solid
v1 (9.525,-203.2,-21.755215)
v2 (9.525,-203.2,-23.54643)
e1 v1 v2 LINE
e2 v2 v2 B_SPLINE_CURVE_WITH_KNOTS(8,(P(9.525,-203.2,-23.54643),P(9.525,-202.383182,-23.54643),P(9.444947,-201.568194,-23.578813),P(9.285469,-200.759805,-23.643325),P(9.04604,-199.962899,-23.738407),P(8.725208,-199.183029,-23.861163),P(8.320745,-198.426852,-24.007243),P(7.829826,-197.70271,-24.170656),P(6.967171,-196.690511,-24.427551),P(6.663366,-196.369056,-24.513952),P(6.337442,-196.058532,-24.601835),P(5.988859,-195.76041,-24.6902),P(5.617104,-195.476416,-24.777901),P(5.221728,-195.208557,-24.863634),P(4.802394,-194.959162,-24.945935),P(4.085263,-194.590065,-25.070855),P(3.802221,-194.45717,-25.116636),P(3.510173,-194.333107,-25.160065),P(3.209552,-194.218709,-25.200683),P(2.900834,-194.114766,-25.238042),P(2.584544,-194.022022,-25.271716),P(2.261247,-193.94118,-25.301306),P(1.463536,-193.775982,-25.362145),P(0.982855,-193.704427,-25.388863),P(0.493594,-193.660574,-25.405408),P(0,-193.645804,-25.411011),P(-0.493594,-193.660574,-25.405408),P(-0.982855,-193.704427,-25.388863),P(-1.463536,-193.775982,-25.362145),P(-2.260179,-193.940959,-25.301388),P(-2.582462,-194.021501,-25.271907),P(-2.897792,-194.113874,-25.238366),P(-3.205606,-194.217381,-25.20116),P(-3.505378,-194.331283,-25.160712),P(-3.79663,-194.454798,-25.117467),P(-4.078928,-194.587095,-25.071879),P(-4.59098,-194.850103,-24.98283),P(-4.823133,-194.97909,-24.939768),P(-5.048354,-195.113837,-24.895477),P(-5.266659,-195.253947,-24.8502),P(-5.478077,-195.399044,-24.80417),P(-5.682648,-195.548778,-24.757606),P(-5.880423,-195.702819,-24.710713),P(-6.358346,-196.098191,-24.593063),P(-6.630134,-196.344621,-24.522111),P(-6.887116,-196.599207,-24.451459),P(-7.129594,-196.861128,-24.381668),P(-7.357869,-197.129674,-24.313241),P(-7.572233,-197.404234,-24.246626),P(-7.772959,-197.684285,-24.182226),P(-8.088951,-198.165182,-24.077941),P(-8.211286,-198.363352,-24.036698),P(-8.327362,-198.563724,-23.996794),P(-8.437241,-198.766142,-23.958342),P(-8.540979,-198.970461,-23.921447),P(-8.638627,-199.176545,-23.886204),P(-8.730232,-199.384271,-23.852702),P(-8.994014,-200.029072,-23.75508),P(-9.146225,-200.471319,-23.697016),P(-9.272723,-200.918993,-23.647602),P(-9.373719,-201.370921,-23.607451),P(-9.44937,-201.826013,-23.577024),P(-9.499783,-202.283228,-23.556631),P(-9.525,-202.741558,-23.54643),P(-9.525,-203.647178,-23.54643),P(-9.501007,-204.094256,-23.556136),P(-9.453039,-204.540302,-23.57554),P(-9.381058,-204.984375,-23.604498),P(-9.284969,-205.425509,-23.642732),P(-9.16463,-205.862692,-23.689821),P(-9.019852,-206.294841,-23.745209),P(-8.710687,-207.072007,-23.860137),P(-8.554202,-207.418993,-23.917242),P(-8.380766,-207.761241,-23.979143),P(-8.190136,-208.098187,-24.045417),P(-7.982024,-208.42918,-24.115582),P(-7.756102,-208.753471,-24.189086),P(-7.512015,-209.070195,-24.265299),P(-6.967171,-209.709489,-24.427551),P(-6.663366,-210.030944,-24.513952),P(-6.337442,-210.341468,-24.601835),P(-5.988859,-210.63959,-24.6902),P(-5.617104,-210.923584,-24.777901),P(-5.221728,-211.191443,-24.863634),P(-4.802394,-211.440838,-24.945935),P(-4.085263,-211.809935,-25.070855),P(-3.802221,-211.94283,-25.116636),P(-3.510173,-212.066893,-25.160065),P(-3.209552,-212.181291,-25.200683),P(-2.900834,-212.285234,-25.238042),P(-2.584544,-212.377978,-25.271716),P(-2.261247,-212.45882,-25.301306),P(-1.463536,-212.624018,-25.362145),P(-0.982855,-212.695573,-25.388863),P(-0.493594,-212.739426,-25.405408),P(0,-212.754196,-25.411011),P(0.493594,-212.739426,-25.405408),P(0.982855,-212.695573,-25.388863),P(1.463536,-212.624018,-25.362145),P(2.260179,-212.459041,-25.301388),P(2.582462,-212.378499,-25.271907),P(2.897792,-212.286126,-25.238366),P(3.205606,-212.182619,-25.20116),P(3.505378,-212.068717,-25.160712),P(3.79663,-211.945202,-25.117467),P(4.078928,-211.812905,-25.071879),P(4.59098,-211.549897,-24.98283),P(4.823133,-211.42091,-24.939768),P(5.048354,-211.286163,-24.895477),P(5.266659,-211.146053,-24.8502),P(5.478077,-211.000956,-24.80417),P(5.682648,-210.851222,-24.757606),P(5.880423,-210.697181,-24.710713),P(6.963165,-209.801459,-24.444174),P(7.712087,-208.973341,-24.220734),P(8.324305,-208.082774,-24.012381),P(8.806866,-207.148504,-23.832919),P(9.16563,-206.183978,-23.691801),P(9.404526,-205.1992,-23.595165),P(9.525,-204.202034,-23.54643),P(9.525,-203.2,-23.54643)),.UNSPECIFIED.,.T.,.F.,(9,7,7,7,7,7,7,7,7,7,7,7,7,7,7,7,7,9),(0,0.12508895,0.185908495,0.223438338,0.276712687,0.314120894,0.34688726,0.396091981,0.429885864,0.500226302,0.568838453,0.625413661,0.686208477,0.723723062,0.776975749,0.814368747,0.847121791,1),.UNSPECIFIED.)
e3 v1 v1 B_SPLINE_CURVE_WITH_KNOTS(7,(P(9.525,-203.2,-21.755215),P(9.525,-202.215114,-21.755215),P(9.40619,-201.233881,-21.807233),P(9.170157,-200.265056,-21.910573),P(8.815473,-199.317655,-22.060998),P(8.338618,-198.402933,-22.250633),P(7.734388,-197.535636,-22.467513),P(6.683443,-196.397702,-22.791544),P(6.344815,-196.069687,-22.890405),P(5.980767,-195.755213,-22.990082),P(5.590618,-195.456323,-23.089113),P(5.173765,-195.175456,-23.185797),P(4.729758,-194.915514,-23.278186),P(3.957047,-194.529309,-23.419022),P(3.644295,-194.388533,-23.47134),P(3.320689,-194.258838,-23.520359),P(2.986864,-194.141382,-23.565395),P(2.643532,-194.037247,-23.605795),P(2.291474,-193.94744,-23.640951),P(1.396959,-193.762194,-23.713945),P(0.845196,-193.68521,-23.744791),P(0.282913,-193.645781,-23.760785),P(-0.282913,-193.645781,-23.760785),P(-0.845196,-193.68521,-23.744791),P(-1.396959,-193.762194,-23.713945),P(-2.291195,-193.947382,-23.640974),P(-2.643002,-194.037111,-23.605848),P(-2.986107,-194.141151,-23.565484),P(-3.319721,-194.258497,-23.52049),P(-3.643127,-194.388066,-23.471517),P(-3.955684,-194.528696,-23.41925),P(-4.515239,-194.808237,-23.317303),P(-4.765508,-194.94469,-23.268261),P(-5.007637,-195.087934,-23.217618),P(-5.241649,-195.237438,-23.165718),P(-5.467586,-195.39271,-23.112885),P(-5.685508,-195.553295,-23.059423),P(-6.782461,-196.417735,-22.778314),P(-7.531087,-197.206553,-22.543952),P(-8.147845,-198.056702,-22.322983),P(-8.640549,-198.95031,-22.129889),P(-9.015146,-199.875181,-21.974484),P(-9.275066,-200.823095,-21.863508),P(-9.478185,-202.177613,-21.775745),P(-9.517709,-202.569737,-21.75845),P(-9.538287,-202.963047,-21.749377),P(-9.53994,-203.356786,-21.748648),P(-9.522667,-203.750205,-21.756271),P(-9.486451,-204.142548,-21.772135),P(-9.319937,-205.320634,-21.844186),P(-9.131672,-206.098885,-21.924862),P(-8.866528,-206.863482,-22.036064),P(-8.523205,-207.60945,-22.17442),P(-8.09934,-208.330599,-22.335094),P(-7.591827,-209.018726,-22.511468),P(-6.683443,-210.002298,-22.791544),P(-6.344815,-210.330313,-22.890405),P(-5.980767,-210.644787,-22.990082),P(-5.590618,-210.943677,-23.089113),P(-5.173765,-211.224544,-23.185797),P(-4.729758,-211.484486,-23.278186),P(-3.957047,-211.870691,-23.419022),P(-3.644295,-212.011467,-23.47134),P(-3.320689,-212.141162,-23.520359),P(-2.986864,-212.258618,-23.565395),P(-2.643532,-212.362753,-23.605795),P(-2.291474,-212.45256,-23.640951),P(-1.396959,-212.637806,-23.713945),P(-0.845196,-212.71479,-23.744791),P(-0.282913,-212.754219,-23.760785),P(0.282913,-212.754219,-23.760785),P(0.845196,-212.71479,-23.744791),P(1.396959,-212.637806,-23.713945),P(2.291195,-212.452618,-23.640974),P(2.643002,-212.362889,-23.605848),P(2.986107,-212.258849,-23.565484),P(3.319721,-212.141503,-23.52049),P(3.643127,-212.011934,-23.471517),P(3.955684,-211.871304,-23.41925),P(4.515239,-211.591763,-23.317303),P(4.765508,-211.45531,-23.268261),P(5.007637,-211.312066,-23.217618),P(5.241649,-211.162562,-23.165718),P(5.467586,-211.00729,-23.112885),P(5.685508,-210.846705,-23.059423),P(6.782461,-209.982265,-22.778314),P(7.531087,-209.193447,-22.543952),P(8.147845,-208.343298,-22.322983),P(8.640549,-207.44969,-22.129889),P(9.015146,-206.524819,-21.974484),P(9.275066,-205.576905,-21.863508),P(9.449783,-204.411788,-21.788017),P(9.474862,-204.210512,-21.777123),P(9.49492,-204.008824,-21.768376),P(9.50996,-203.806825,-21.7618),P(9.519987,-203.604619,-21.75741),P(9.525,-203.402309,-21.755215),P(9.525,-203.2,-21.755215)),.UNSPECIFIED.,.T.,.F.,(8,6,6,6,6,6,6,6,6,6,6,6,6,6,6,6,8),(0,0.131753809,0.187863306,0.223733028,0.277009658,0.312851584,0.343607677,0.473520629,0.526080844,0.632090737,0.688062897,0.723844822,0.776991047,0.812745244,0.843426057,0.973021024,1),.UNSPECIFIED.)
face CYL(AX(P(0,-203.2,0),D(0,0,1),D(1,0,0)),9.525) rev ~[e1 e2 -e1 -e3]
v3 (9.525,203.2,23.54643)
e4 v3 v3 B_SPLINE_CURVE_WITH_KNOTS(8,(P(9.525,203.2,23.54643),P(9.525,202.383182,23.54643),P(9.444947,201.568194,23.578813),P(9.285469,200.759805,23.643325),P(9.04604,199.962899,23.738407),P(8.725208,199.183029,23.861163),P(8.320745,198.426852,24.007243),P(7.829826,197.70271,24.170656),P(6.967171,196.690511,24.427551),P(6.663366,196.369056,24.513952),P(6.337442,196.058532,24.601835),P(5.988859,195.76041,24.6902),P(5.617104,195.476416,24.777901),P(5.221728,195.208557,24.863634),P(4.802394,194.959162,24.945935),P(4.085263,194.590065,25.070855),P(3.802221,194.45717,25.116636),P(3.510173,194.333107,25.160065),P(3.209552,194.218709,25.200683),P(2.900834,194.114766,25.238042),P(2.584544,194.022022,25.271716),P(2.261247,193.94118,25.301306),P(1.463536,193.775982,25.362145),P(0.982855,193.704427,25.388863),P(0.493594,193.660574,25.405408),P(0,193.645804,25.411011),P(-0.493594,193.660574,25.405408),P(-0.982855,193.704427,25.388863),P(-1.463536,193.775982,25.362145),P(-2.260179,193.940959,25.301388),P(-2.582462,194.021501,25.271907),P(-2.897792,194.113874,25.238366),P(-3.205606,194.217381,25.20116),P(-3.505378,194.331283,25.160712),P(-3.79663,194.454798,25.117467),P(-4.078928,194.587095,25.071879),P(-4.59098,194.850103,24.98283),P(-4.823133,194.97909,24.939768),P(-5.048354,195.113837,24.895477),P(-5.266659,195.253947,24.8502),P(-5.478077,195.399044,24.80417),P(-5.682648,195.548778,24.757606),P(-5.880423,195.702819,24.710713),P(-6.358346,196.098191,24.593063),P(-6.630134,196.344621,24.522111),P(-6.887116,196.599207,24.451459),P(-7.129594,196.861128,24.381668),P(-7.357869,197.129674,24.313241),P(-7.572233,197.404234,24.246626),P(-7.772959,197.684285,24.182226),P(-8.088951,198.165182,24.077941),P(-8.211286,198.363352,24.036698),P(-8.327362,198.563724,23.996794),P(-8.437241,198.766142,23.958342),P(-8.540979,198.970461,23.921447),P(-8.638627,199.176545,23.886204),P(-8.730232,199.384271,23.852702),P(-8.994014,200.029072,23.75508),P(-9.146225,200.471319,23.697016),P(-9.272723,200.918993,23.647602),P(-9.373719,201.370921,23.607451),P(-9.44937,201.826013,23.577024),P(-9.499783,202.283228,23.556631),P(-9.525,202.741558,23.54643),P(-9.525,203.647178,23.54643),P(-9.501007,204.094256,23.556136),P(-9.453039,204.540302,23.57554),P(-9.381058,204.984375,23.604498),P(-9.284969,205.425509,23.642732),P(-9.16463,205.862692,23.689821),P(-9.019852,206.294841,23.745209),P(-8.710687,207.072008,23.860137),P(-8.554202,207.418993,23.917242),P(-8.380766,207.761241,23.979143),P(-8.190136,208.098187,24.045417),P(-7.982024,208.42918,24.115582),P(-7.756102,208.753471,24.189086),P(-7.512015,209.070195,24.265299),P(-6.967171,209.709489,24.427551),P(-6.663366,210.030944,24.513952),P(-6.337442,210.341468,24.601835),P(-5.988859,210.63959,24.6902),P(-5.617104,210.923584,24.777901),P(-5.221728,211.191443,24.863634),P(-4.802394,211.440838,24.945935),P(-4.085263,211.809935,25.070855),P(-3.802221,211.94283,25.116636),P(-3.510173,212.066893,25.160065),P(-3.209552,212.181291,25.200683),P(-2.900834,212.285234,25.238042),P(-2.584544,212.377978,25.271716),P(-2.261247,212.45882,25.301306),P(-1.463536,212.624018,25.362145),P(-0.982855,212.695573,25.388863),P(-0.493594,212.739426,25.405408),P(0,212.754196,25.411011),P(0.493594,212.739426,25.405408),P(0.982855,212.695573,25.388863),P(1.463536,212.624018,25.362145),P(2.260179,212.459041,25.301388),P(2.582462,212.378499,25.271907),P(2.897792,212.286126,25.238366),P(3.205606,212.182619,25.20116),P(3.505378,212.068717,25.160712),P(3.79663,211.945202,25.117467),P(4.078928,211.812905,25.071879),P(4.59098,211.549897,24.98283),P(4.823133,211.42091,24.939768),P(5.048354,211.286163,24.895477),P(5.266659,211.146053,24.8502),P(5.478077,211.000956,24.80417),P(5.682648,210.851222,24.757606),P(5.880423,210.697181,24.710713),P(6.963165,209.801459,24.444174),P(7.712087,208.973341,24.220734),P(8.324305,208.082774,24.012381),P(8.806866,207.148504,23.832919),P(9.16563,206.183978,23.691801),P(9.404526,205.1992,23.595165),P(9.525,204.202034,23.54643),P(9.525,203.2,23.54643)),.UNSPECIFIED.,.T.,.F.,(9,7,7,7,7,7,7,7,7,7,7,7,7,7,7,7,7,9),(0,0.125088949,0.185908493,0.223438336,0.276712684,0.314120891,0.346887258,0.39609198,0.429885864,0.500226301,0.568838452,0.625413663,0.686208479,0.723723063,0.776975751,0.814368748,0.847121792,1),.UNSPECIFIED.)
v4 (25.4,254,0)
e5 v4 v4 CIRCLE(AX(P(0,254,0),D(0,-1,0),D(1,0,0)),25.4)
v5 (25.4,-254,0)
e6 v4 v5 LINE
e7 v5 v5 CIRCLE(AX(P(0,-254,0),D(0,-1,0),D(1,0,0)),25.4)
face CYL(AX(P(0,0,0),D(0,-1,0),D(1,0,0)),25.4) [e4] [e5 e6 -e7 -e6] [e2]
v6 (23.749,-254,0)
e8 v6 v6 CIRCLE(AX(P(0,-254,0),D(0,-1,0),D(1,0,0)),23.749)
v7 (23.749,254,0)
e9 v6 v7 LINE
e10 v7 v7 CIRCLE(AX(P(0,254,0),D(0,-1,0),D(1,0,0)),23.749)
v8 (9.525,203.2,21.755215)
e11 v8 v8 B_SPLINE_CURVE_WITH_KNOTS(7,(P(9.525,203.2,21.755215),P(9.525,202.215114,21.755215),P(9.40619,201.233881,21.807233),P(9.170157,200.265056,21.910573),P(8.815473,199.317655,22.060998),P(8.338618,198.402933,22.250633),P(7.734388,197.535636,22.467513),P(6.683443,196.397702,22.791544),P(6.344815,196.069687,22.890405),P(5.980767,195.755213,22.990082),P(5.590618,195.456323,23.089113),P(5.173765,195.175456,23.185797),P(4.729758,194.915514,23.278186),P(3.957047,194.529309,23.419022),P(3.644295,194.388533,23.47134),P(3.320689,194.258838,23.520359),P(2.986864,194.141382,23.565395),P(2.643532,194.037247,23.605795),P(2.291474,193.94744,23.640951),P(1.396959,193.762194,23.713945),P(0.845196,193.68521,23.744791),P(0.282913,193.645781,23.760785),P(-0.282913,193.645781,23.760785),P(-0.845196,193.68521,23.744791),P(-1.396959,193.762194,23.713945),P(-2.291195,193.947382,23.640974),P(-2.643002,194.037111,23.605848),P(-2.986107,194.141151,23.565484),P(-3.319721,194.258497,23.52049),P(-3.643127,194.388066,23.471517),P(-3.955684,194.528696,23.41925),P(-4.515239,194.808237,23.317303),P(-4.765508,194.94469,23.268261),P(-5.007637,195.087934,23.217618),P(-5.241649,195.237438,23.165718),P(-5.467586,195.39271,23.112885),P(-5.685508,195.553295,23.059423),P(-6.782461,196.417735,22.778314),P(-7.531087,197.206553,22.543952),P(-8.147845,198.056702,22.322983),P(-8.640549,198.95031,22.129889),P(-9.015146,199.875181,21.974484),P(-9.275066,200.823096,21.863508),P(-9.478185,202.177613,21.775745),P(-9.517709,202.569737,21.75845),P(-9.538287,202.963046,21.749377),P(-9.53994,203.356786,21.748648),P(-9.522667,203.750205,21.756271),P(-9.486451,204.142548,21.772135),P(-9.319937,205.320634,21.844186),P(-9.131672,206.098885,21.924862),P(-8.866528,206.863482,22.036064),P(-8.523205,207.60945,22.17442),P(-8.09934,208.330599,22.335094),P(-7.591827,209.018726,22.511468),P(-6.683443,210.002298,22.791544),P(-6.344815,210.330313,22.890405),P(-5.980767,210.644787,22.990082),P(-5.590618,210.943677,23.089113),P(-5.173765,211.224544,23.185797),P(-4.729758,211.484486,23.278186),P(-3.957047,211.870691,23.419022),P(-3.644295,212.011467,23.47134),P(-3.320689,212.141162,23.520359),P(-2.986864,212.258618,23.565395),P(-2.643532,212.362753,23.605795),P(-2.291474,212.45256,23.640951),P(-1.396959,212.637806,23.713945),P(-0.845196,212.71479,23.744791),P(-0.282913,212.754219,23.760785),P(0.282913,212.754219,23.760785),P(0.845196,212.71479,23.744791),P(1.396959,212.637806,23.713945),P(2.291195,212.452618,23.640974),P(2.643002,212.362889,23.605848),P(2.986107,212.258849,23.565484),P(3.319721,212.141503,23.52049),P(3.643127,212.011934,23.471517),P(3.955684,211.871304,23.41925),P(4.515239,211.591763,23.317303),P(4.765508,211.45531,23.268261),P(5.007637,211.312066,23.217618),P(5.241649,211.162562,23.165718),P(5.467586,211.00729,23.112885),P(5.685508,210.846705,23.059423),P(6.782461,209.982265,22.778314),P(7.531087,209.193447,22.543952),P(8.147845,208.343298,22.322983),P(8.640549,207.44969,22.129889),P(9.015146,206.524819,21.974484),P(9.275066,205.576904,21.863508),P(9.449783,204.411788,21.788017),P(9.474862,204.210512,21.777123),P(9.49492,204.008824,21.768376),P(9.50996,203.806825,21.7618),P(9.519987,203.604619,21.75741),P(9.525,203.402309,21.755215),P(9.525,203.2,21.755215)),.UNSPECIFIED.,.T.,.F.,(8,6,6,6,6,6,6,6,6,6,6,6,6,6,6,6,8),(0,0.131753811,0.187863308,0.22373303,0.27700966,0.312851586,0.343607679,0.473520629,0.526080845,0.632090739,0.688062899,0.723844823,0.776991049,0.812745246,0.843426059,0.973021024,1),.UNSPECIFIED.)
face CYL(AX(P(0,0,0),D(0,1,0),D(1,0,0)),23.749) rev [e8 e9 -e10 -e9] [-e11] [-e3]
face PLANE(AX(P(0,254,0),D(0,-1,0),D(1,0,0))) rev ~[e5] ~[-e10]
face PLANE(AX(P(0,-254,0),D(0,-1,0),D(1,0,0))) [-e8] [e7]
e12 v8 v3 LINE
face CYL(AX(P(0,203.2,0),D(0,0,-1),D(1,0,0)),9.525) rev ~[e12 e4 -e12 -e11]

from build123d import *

# Parameters (mm, degrees)
F0_R     = 25.4
F0_R_2   = 23.749
F1_DEPTH = 254
F2_DEPTH = 254
F4_D     = 19.05
F4_DEPTH = 25.401
F5_D     = 19.05
F5_DEPTH = 25.4010001


with BuildPart() as f1:
    # F0 (on Front) → F1 (new body, symmetric)
    with BuildSketch(Plane.XZ):
        Circle(F0_R)
        Circle(F0_R_2, mode=Mode.SUBTRACT)
    extrude(amount=F1_DEPTH, both=True)

    # F0 (on Front) → F2 (join, symmetric)
    with BuildSketch(Plane.XZ):
        Circle(F0_R)
        Circle(F0_R_2, mode=Mode.SUBTRACT)
    extrude(amount=F2_DEPTH, both=True)

    # F4 (through all, one way)
    with BuildSketch(Plane(origin=(0, 0, 0), x_dir=(1, 0, 0), z_dir=(0, 0, -1))):
        with Locations((0, -203.2)):
            Circle(F4_D / 2)
    extrude(amount=-F4_DEPTH, mode=Mode.SUBTRACT)

    # F5 (through all, one way)
    with BuildSketch(Plane.XY):
        with Locations((0, -203.2)):
            Circle(F5_D / 2)
    extrude(amount=-F5_DEPTH, mode=Mode.SUBTRACT)


solid = f1.part
